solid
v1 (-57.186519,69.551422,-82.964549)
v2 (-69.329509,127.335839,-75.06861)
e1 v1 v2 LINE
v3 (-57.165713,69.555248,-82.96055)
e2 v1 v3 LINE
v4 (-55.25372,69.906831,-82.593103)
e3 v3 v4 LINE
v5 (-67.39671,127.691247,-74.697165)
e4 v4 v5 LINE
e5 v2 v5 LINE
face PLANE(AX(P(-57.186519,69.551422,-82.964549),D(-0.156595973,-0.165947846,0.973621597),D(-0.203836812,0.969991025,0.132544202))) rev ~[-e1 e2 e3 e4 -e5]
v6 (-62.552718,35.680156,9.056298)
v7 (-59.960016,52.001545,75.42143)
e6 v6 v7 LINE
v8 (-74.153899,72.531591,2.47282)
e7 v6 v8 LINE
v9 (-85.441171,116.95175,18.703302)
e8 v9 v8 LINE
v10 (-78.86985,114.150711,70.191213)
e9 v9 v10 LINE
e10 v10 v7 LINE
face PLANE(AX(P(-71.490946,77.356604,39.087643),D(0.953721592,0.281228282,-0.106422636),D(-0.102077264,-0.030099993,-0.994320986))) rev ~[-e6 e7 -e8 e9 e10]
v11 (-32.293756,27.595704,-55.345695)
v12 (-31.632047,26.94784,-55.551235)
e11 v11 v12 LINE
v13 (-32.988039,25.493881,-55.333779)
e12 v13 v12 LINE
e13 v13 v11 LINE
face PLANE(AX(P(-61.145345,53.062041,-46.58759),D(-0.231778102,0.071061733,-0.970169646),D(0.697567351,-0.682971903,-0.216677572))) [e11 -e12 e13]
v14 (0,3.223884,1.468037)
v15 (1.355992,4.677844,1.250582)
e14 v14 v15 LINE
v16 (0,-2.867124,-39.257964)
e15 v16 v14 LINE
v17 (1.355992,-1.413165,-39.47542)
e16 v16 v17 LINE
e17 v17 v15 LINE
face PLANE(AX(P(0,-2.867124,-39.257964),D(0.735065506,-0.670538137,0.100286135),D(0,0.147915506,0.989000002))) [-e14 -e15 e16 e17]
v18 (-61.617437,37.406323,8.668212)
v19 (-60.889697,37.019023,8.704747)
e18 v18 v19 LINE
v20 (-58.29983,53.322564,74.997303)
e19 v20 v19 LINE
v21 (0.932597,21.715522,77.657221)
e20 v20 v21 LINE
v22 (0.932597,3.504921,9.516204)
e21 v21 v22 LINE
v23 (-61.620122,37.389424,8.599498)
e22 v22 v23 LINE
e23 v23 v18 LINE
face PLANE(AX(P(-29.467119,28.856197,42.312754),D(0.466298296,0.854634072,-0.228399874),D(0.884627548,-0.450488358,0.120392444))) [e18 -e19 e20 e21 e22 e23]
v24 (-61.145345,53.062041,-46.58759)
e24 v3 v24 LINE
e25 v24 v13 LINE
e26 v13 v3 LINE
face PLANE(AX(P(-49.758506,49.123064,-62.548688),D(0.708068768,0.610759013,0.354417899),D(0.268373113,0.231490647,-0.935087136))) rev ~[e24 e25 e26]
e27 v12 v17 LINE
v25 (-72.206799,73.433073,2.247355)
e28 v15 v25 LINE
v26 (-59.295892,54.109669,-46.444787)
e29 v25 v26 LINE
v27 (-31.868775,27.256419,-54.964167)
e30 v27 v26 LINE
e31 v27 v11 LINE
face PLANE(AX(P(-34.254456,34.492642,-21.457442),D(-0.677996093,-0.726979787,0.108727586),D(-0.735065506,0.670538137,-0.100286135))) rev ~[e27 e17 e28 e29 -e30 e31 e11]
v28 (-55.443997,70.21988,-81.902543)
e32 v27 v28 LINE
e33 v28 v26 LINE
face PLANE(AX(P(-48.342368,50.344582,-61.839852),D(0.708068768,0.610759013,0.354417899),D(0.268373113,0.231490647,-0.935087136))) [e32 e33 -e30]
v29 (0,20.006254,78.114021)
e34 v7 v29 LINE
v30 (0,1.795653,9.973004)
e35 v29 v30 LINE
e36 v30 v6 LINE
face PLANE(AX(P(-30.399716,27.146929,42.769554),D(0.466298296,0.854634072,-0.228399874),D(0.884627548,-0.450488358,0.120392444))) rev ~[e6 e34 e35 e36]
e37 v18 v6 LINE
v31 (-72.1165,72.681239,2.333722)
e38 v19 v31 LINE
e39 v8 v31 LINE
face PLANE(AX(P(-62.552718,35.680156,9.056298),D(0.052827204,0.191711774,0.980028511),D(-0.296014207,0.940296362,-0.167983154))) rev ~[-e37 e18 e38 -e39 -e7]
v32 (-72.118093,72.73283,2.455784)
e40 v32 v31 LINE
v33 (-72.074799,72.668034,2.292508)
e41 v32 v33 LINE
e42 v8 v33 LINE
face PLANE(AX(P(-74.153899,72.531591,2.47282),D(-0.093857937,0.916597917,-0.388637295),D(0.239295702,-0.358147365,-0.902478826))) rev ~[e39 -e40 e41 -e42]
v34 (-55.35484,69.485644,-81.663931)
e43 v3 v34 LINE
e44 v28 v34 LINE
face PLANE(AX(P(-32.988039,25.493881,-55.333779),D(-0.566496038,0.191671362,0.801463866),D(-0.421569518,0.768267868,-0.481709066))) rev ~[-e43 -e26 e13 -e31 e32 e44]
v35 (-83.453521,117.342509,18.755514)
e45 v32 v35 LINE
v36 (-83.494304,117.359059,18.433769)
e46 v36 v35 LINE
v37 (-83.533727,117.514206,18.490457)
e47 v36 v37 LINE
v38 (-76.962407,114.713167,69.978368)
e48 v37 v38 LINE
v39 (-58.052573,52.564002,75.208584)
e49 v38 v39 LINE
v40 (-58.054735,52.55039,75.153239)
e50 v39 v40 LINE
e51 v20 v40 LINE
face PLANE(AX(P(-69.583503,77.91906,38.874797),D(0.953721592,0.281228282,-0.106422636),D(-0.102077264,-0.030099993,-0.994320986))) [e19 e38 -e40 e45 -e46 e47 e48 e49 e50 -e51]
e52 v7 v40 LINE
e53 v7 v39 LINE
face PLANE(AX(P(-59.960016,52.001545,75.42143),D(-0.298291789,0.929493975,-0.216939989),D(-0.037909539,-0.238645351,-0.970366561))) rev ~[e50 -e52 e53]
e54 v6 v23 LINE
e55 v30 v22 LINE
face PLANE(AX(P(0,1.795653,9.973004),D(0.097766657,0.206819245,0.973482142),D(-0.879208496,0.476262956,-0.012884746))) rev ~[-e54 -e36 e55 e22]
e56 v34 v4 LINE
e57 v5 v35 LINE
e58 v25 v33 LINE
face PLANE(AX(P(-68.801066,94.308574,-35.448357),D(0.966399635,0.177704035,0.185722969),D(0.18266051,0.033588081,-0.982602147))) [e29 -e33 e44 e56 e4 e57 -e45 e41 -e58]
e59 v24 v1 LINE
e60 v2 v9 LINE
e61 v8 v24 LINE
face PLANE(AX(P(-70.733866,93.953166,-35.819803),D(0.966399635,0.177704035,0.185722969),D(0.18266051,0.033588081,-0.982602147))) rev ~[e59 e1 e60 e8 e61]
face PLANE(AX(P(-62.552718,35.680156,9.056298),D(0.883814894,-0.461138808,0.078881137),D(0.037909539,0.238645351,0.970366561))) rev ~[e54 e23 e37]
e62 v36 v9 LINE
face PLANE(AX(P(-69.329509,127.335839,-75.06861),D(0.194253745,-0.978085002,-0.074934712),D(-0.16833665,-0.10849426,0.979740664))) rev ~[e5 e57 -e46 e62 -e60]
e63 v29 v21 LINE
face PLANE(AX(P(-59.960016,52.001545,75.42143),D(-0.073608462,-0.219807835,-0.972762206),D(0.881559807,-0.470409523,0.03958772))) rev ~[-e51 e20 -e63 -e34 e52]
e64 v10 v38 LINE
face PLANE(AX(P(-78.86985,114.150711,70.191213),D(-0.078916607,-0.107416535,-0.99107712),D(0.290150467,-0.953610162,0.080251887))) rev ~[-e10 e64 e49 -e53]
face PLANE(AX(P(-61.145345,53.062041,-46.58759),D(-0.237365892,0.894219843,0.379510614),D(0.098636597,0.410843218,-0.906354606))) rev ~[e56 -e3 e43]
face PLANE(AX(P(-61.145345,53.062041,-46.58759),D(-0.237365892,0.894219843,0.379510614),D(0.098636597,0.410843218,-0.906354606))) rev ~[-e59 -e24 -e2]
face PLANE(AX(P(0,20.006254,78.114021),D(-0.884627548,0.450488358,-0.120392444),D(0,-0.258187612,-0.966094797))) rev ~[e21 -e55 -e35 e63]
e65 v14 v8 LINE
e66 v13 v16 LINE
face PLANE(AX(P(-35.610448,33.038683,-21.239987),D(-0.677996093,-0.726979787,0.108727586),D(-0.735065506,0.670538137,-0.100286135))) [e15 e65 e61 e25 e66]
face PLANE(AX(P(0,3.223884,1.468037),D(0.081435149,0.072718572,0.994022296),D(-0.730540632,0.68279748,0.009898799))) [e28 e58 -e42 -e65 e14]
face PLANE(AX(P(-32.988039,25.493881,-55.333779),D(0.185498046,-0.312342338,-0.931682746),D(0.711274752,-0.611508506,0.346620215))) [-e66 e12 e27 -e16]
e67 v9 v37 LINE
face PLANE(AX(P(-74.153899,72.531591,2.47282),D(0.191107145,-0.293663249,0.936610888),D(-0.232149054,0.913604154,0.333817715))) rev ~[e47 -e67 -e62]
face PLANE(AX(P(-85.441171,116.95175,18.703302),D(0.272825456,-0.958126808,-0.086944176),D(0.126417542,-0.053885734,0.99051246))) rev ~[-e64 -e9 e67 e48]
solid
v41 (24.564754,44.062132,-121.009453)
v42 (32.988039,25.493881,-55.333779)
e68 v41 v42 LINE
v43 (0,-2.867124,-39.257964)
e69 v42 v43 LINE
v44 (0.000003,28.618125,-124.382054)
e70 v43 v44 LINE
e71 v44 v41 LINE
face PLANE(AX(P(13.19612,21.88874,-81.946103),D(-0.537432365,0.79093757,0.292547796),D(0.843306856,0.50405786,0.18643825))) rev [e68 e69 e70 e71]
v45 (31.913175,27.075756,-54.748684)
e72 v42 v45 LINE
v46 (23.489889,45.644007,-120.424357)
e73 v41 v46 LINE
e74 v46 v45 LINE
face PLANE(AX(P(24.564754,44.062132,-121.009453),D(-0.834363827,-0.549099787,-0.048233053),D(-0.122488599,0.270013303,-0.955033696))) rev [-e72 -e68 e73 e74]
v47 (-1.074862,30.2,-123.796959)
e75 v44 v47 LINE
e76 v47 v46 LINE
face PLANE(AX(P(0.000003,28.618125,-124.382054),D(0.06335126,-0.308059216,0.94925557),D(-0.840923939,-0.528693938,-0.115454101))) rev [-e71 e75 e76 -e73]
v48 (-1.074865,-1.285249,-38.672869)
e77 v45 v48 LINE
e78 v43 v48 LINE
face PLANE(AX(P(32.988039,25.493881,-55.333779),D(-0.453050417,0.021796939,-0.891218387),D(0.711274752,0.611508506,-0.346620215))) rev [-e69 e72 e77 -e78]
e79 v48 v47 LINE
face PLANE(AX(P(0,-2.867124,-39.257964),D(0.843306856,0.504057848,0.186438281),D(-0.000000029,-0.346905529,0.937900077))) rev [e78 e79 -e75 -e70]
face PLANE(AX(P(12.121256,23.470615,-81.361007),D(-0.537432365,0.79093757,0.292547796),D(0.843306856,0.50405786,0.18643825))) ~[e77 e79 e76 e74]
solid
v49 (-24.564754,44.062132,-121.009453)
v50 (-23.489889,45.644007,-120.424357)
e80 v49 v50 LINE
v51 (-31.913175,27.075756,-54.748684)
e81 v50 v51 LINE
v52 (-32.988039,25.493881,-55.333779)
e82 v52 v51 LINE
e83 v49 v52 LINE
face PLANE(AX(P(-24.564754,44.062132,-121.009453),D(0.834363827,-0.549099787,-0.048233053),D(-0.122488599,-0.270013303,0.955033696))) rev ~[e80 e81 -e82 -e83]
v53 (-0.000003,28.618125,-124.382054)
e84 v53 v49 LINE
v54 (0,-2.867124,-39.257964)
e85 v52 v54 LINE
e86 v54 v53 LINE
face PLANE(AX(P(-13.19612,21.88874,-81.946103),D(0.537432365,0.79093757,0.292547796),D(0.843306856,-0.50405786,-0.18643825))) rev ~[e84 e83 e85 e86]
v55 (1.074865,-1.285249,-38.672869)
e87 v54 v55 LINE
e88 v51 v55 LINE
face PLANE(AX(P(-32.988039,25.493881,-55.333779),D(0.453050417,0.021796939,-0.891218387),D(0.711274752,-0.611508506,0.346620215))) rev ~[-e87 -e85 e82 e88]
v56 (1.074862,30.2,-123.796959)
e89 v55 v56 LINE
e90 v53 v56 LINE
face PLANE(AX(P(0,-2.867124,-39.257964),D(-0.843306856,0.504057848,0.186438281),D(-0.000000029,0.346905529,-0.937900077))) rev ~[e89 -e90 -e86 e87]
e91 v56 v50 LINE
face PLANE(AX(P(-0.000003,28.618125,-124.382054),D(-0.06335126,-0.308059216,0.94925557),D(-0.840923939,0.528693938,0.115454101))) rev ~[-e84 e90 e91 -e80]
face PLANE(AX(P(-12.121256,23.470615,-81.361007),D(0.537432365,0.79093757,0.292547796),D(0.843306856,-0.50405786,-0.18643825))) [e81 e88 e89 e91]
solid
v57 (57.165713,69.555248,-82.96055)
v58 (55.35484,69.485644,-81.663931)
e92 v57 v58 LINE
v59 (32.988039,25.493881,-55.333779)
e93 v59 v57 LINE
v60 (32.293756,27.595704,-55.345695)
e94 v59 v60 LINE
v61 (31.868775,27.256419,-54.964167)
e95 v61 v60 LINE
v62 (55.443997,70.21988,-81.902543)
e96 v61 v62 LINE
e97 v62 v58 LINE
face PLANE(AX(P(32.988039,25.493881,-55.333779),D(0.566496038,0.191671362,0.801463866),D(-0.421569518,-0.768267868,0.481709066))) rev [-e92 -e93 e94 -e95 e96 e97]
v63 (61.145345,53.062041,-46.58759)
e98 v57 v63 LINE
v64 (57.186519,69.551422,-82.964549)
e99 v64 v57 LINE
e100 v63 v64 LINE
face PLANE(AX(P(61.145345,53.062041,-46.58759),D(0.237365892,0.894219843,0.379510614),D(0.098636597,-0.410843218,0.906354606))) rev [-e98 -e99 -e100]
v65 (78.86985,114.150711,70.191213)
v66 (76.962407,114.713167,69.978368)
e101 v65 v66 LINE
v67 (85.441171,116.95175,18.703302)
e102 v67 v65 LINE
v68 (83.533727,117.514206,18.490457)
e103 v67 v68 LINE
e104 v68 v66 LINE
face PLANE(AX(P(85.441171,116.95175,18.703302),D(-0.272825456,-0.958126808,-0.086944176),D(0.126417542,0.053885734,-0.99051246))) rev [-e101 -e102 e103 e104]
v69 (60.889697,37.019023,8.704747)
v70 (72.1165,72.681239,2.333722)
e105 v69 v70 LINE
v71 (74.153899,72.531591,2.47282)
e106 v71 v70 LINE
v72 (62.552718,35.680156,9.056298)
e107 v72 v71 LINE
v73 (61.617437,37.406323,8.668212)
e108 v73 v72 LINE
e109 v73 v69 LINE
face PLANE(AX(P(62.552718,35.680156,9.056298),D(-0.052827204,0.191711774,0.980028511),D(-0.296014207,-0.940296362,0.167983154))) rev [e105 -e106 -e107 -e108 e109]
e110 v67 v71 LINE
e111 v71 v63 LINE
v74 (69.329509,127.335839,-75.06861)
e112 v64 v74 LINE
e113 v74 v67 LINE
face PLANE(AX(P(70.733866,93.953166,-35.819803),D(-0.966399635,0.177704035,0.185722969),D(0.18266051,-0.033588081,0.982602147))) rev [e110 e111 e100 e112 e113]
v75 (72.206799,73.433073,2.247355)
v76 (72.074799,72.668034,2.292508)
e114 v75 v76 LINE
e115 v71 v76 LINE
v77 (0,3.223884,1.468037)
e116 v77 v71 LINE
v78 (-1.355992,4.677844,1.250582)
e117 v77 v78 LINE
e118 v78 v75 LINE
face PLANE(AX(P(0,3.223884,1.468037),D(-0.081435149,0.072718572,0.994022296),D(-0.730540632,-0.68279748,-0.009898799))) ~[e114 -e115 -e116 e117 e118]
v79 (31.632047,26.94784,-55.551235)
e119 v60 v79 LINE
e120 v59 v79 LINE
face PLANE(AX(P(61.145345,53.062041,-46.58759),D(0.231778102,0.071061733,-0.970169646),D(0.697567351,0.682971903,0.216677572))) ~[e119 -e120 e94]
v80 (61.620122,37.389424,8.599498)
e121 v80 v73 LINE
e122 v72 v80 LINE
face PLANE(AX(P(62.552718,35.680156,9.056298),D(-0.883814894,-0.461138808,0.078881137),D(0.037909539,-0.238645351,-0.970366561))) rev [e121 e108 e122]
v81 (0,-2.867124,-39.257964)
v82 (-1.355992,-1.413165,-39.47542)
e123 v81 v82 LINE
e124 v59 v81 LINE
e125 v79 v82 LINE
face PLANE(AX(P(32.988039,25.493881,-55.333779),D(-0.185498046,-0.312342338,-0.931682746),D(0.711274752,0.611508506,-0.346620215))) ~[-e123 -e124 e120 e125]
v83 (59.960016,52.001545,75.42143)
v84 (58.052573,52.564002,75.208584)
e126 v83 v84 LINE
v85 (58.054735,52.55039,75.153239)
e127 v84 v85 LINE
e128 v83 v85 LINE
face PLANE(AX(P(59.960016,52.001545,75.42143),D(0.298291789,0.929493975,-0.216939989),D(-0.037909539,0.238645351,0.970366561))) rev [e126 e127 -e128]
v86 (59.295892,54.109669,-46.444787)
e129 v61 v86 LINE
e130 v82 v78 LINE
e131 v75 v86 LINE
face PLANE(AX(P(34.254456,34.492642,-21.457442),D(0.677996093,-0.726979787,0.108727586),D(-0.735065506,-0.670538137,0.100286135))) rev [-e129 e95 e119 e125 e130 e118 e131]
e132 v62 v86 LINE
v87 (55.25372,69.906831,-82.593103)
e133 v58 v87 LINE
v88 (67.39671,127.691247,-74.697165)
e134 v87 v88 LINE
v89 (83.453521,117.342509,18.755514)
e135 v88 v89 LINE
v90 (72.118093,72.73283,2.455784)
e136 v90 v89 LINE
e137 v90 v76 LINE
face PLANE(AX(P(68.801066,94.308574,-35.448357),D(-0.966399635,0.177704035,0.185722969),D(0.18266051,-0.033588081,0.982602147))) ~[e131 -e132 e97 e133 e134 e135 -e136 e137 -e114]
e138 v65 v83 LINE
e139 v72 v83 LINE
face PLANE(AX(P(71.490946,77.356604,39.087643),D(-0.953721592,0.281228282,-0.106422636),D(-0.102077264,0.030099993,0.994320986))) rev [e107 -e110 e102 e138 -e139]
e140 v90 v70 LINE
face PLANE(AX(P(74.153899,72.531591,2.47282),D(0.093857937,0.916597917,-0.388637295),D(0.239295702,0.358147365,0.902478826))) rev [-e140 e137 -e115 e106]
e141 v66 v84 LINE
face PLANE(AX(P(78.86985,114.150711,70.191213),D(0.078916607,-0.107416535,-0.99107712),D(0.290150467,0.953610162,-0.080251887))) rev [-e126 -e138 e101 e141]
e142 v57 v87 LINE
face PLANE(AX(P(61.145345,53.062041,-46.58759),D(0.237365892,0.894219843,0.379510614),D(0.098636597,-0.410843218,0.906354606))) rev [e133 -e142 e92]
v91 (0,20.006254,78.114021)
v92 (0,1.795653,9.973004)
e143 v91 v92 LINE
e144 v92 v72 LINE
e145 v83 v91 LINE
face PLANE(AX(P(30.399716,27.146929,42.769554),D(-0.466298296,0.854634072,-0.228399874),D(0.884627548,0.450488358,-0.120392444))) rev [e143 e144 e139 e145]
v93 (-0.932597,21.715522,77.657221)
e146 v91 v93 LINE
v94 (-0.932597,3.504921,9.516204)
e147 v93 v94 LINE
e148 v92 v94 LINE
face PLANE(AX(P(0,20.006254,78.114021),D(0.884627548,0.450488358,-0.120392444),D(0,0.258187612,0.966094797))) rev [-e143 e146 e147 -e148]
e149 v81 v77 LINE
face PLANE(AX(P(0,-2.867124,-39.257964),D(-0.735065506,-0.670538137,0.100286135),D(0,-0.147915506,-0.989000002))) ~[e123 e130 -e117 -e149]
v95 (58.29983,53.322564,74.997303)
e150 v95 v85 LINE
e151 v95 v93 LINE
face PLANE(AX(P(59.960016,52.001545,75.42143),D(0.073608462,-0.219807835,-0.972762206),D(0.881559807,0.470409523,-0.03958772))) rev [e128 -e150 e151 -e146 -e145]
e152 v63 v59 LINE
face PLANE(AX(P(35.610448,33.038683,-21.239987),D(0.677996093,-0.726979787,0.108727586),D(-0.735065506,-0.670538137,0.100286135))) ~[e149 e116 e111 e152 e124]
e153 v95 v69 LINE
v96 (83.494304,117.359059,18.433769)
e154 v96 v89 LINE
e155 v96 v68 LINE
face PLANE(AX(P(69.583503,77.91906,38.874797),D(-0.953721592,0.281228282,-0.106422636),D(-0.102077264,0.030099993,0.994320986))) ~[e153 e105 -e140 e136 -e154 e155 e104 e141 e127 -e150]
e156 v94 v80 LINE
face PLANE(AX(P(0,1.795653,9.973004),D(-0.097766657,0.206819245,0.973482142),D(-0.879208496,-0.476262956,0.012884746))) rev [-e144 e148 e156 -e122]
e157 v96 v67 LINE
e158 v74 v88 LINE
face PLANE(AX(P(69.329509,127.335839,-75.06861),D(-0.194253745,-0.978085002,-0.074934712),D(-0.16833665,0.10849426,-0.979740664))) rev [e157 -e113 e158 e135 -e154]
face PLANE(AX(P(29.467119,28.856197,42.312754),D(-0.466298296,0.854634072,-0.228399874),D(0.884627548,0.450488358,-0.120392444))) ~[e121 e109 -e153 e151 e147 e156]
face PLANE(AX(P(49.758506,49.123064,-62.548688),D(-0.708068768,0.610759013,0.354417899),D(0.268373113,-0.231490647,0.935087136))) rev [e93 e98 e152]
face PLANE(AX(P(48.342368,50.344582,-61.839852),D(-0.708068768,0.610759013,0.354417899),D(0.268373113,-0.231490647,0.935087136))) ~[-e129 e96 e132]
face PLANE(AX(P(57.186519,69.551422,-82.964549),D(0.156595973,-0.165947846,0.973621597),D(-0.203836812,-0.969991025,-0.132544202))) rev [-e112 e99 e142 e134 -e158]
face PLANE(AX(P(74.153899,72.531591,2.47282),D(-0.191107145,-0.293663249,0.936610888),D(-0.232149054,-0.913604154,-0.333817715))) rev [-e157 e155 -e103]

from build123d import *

# Parameters (mm, degrees)
BOSS_EXTRUDE1_DEPTH  = 2
BOSS_EXTRUDE2_DEPTH  = 2
BOSS_EXTRUDE3_DEPTH  = 2
BOSS_EXTRUDE4_DEPTH  = 2
BOSS_EXTRUDE5_DEPTH  = 2
BOSS_EXTRUDE11_DEPTH = 2


with BuildPart() as part:
    # Sketch3 → Boss-Extrude1 (new body)
    with BuildSketch(Plane(origin=(-0.346555838, -0.635169439, 0.169748229), x_dir=(0.8846275482433851, -0.4504883576630665, 0.12039244369531933), z_dir=(0.4662982960390243, 0.8546340716593914, -0.22839987449644675))):
        Polygon((-67.388202535, -86.290405408), (0.391753387, -80.63091609), (0.391753387, -10.098482667), (-70.319042991, -17.961416408), align=None)
    extrude(amount=BOSS_EXTRUDE1_DEPTH)



with BuildPart() as body_2:
    # Sketch5 → Boss-Extrude2 (new body)
    with BuildSketch(Plane(origin=(-56.35451769, -10.362612727, -10.830227939), x_dir=(0.18266051002357656, 0.033588081371868986, -0.9826021467856071), z_dir=(0.9663996352281745, 0.17770403455896827, 0.18572296877962188))):
        Polygon((-30.056447866, 130.475360148), (-13.538590304, 84.746354353), (36.390477752, 63.245242789), (73.411523815, 78.746769275), (65.375780796, 137.774420808), align=None)
    extrude(amount=BOSS_EXTRUDE2_DEPTH)


with BuildPart() as part_1:
    add(part.part)

    add(body_2.part)  # Boss-Extrude3 merges body 2
    # Sketch4 → Boss-Extrude3 (add)
    with BuildSketch(Plane(origin=(-48.24629982, -14.226608827, 5.383644926), x_dir=(0.10207726427725161, 0.030099993458726118, 0.994320985653756), z_dir=(-0.9537215923741782, -0.28122828227388286, 0.10642263616610528))):
        Polygon((65.177713076, 131.796906654), (70.437801909, 66.837017039), (3.69362899, 51.915356778), (-2.927449999, 90.54331453), (13.395731887, 136.34217175), align=None)
    extrude(amount=-BOSS_EXTRUDE3_DEPTH)

    # Sketch6 → Boss-Extrude4 (add)
    with BuildSketch(Plane(origin=(1.480799375, 1.587783801, -0.237470014), x_dir=(-0.7350655060210773, 0.6705381368478288, -0.10028613508666168), z_dir=(-0.6779960928043596, -0.7269797866087502, 0.10872758621582002))):
        Polygon((102.895181545, -13.174165852), (85.198045027, 38.226427476), (46.892200114, 50.954167672), (2.014513485, 39.25021901), (2.014513485, -1.928751345), align=None)
    extrude(amount=-BOSS_EXTRUDE4_DEPTH)

    # Sketch7 → Boss-Extrude5 (add)
    with BuildSketch(Plane(origin=(-19.399997247, -16.733859342, -9.71050635), x_dir=(0.26837311265933295, 0.23149064719993817, -0.9350871363998624), z_dir=(0.7080687682639505, 0.610759013089178, 0.3544178992933416))):
        Polygon((78.334992527, 90.006984524), (39.437055345, 80.117286778), (48.790397505, 40.850912927), align=None)
    extrude(amount=BOSS_EXTRUDE5_DEPTH)


with BuildPart() as body_2_2:
    # Sketch9 → Boss-Extrude11 (new body)
    with BuildSketch(Plane(origin=(-7.391063933, -10.877406216, -4.023277357), x_dir=(-0.8433068557681762, 0.5040578599076407, 0.1864382495083074), z_dir=(-0.5374323650603791, -0.7909375701930272, -0.29254779616800664))):
        Polygon((20.364698966, 128.780172412), (30.353097834, 60.7415241), (-8.7643826, 35.825426976), (-8.764379517, 126.585724452), align=None)
    extrude(amount=-BOSS_EXTRUDE11_DEPTH)


with BuildPart() as body_3:
    # Mirror1: mirrored copy
    add(part_1.part.mirror(Plane(origin=(0, 0, 0), x_dir=(0, 0, 1), z_dir=(1, 0, 0))))


with BuildPart() as body_4:
    # Mirror1 2: mirrored copy
    add(body_2_2.part.mirror(Plane(origin=(0, 0, 0), x_dir=(0, 0, 1), z_dir=(1, 0, 0))))


solid = Compound([part_1.part, body_2_2.part, body_3.part, body_4.part])
